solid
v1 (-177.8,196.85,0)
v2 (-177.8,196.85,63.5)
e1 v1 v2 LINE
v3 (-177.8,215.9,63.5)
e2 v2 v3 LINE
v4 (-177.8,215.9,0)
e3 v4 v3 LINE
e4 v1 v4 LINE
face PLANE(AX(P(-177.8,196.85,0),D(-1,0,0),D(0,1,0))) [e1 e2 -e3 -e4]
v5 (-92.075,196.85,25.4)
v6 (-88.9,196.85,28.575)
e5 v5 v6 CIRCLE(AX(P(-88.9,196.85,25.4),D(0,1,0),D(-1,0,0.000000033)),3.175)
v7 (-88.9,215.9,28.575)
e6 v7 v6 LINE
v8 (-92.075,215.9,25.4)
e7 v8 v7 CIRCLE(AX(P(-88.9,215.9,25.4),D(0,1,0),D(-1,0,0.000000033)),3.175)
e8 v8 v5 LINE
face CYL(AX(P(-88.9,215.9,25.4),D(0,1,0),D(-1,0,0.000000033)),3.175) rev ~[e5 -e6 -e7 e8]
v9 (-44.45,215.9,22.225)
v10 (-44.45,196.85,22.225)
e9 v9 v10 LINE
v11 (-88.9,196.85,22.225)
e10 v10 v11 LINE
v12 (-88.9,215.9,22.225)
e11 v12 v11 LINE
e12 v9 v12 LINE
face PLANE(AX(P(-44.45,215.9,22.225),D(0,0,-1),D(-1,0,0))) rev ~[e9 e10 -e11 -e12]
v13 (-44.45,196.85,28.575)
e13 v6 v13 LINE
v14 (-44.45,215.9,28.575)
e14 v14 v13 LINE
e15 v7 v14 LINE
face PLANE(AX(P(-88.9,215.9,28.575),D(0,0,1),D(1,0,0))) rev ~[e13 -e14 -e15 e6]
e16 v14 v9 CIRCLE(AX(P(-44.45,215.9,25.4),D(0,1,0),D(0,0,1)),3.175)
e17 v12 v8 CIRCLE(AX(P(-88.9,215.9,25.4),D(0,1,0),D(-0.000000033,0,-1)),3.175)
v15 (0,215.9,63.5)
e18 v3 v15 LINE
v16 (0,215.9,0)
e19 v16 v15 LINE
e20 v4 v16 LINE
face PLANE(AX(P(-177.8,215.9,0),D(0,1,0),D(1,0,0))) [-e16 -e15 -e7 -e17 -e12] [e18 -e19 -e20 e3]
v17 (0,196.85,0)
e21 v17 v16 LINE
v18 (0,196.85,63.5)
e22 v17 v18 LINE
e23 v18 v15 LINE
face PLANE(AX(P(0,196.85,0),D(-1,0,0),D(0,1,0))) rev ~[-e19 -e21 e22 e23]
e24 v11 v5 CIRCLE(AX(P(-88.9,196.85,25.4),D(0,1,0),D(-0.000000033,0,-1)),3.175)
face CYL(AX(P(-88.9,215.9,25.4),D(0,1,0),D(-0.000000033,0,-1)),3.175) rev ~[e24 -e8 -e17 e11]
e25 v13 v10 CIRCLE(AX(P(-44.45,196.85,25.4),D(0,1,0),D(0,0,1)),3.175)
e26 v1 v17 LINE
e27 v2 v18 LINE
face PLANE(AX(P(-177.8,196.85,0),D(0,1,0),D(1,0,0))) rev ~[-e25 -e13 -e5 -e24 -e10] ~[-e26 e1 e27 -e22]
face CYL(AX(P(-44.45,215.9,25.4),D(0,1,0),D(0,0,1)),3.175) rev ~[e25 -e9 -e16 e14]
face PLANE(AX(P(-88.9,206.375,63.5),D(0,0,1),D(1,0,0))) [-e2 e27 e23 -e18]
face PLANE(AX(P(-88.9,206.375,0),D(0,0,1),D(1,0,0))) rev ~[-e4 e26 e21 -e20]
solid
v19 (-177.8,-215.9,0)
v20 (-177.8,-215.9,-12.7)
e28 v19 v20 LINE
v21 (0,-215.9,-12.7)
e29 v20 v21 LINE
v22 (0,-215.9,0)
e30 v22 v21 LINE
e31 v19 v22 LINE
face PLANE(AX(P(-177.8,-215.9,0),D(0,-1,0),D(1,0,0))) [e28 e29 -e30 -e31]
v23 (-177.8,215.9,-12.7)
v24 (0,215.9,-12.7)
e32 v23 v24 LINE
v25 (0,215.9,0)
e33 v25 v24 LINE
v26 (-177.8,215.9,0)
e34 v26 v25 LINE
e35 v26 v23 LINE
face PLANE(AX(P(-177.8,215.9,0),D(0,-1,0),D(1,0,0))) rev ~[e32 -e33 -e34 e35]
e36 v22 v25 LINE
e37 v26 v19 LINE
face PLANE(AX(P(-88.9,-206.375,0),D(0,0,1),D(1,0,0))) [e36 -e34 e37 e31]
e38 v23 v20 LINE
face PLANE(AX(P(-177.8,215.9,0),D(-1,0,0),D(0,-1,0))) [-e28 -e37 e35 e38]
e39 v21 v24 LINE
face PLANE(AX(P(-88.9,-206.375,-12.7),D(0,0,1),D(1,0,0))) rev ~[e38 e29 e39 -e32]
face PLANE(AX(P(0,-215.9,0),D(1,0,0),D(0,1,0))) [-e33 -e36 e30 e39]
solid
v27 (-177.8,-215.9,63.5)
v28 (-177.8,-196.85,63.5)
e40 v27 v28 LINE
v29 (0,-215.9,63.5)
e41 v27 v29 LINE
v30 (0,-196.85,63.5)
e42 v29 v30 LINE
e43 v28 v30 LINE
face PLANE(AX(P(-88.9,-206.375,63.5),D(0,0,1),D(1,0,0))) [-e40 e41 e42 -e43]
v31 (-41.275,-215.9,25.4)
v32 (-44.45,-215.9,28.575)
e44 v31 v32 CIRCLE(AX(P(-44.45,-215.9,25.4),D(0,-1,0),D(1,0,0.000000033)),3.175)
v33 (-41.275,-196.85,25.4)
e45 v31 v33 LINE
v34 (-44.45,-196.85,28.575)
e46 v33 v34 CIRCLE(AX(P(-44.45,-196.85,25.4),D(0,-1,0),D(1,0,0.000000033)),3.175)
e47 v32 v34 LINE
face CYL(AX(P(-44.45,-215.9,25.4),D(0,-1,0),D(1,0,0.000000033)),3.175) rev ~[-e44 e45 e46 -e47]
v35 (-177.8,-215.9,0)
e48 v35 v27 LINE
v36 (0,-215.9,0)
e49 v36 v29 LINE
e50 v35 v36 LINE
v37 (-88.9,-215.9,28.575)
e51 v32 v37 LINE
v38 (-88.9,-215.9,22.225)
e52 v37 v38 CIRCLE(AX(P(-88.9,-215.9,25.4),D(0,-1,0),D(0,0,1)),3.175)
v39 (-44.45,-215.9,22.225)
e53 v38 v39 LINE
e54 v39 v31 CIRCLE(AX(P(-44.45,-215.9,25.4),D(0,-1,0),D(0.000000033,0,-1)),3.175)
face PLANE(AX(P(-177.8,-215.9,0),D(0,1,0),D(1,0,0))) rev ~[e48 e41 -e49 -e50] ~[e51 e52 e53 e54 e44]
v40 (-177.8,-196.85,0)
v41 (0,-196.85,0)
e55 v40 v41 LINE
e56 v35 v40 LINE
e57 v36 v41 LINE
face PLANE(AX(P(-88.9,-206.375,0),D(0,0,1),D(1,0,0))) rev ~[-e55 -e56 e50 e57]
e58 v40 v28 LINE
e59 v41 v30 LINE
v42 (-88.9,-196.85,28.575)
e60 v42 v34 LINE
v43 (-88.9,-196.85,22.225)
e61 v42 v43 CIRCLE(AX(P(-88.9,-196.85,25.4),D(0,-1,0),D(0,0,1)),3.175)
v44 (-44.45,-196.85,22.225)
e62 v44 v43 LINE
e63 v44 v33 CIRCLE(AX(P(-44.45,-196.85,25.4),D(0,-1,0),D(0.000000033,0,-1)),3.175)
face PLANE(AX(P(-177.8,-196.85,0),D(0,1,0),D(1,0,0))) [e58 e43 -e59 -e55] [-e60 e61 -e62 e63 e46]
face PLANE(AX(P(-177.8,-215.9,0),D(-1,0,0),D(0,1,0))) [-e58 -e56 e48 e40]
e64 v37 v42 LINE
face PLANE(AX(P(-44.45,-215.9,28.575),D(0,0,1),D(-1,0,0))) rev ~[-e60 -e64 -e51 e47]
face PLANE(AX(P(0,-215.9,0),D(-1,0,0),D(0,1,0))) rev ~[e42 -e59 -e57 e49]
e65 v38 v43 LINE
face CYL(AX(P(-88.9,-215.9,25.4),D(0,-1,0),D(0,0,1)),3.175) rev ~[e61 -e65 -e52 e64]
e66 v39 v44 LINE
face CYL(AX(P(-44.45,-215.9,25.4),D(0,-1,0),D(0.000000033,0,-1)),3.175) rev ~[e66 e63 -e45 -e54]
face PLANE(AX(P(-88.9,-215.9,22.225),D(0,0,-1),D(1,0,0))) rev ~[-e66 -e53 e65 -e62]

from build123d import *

# Parameters (mm, degrees)
F0_W     = 177.8
F0_H     = 19.05
F1_DEPTH = 12.7
F2_DEPTH = 63.5
F3_DEPTH = 63.5
F5_DEPTH = 25.4
F7_DEPTH = 25.4


with BuildPart() as f1:
    # F0 (on Top) → F1 (new body)
    with BuildSketch(Plane.XY):
        with Locations((-88.9, -206.375)):
            Rectangle(F0_W, F0_H)
        Polygon((0, -196.85), (0, 0), (0, 196.85), (-177.8, 196.85), (-177.8, -196.85), align=None)
        with Locations((-88.9, 206.375)):
            Rectangle(F0_W, F0_H)
    extrude(amount=-F1_DEPTH)


with BuildPart() as f2:
    # F0 (on Top) → F2 (new body)
    with BuildSketch(Plane.XY):
        with Locations((-88.9, 206.375)):
            Rectangle(F0_W, F0_H)
    extrude(amount=F2_DEPTH)

    # F6 (on face) → F7 (cut)
    with BuildSketch(Plane(origin=(0, 215.9, 0), x_dir=(-1, 0, 0), z_dir=(0, 1, 0))):
        with BuildLine():
            Line((88.9, 28.575), (44.45, 28.575))
            ThreePointArc((44.45, 28.575), (46.695064, 27.645064), (47.625, 25.4))
            ThreePointArc((47.625, 25.4), (46.695064, 23.154936), (44.45, 22.225))
            Line((44.45, 22.225), (88.9, 22.225))
            ThreePointArc((88.9, 22.225), (85.725, 25.4), (88.9, 28.575))
        make_face()
        with BuildLine():
            ThreePointArc((47.625, 25.4), (46.695064, 27.645064), (44.45, 28.575))
            Line((44.45, 28.575), (44.45, 25.4))
            Line((44.45, 25.4), (44.45, 22.225))
            ThreePointArc((44.45, 22.225), (46.695064, 23.154936), (47.625, 25.4))
        make_face()
        with BuildLine():
            Line((44.45, 25.4), (44.45, 28.575))
            ThreePointArc((44.45, 28.575), (41.275, 25.4), (44.45, 22.225))
            Line((44.45, 22.225), (44.45, 25.4))
        make_face()
        with BuildLine():
            Line((88.9, 22.225), (88.9, 28.575))
            ThreePointArc((88.9, 28.575), (85.725, 25.4), (88.9, 22.225))
        make_face()
        with BuildLine():
            ThreePointArc((92.075, 25.4), (91.145064, 27.645064), (88.9, 28.575))
            Line((88.9, 28.575), (88.9, 22.225))
            ThreePointArc((88.9, 22.225), (91.145064, 23.154936), (92.075, 25.4))
        make_face()
    extrude(amount=-F7_DEPTH, mode=Mode.SUBTRACT)


with BuildPart() as f3:
    # F0 (on Top) → F3 (new body)
    with BuildSketch(Plane.XY):
        with Locations((-88.9, -206.375)):
            Rectangle(F0_W, F0_H)
    extrude(amount=F3_DEPTH)

    # F4 (on face) → F5 (cut)
    with BuildSketch(Plane.XZ.offset(215.9)):
        with BuildLine():
            ThreePointArc((-85.725, 25.4), (-86.654936, 27.645064), (-88.9, 28.575))
            Line((-88.9, 28.575), (-88.9, 25.4))
            Line((-88.9, 25.4), (-88.9, 22.225))
            ThreePointArc((-88.9, 22.225), (-86.654936, 23.154936), (-85.725, 25.4))
        make_face()
        with BuildLine():
            Line((-44.45, 22.225), (-44.45, 28.575))
            ThreePointArc((-44.45, 28.575), (-47.625, 25.4), (-44.45, 22.225))
        make_face()
        with BuildLine():
            ThreePointArc((-41.275, 25.4), (-42.204936, 27.645064), (-44.45, 28.575))
            Line((-44.45, 28.575), (-44.45, 22.225))
            ThreePointArc((-44.45, 22.225), (-42.204936, 23.154936), (-41.275, 25.4))
        make_face()
        with BuildLine():
            Line((-88.9, 25.4), (-88.9, 28.575))
            ThreePointArc((-88.9, 28.575), (-92.075, 25.4), (-88.9, 22.225))
            Line((-88.9, 22.225), (-88.9, 25.4))
        make_face()
        with BuildLine():
            Line((-44.45, 28.575), (-88.9, 28.575))
            ThreePointArc((-88.9, 28.575), (-86.654936, 27.645064), (-85.725, 25.4))
            ThreePointArc((-85.725, 25.4), (-86.654936, 23.154936), (-88.9, 22.225))
            Line((-88.9, 22.225), (-44.45, 22.225))
            ThreePointArc((-44.45, 22.225), (-47.625, 25.4), (-44.45, 28.575))
        make_face()
    extrude(amount=-F5_DEPTH, mode=Mode.SUBTRACT)


solid = Compound([f1.part, f2.part, f3.part])
